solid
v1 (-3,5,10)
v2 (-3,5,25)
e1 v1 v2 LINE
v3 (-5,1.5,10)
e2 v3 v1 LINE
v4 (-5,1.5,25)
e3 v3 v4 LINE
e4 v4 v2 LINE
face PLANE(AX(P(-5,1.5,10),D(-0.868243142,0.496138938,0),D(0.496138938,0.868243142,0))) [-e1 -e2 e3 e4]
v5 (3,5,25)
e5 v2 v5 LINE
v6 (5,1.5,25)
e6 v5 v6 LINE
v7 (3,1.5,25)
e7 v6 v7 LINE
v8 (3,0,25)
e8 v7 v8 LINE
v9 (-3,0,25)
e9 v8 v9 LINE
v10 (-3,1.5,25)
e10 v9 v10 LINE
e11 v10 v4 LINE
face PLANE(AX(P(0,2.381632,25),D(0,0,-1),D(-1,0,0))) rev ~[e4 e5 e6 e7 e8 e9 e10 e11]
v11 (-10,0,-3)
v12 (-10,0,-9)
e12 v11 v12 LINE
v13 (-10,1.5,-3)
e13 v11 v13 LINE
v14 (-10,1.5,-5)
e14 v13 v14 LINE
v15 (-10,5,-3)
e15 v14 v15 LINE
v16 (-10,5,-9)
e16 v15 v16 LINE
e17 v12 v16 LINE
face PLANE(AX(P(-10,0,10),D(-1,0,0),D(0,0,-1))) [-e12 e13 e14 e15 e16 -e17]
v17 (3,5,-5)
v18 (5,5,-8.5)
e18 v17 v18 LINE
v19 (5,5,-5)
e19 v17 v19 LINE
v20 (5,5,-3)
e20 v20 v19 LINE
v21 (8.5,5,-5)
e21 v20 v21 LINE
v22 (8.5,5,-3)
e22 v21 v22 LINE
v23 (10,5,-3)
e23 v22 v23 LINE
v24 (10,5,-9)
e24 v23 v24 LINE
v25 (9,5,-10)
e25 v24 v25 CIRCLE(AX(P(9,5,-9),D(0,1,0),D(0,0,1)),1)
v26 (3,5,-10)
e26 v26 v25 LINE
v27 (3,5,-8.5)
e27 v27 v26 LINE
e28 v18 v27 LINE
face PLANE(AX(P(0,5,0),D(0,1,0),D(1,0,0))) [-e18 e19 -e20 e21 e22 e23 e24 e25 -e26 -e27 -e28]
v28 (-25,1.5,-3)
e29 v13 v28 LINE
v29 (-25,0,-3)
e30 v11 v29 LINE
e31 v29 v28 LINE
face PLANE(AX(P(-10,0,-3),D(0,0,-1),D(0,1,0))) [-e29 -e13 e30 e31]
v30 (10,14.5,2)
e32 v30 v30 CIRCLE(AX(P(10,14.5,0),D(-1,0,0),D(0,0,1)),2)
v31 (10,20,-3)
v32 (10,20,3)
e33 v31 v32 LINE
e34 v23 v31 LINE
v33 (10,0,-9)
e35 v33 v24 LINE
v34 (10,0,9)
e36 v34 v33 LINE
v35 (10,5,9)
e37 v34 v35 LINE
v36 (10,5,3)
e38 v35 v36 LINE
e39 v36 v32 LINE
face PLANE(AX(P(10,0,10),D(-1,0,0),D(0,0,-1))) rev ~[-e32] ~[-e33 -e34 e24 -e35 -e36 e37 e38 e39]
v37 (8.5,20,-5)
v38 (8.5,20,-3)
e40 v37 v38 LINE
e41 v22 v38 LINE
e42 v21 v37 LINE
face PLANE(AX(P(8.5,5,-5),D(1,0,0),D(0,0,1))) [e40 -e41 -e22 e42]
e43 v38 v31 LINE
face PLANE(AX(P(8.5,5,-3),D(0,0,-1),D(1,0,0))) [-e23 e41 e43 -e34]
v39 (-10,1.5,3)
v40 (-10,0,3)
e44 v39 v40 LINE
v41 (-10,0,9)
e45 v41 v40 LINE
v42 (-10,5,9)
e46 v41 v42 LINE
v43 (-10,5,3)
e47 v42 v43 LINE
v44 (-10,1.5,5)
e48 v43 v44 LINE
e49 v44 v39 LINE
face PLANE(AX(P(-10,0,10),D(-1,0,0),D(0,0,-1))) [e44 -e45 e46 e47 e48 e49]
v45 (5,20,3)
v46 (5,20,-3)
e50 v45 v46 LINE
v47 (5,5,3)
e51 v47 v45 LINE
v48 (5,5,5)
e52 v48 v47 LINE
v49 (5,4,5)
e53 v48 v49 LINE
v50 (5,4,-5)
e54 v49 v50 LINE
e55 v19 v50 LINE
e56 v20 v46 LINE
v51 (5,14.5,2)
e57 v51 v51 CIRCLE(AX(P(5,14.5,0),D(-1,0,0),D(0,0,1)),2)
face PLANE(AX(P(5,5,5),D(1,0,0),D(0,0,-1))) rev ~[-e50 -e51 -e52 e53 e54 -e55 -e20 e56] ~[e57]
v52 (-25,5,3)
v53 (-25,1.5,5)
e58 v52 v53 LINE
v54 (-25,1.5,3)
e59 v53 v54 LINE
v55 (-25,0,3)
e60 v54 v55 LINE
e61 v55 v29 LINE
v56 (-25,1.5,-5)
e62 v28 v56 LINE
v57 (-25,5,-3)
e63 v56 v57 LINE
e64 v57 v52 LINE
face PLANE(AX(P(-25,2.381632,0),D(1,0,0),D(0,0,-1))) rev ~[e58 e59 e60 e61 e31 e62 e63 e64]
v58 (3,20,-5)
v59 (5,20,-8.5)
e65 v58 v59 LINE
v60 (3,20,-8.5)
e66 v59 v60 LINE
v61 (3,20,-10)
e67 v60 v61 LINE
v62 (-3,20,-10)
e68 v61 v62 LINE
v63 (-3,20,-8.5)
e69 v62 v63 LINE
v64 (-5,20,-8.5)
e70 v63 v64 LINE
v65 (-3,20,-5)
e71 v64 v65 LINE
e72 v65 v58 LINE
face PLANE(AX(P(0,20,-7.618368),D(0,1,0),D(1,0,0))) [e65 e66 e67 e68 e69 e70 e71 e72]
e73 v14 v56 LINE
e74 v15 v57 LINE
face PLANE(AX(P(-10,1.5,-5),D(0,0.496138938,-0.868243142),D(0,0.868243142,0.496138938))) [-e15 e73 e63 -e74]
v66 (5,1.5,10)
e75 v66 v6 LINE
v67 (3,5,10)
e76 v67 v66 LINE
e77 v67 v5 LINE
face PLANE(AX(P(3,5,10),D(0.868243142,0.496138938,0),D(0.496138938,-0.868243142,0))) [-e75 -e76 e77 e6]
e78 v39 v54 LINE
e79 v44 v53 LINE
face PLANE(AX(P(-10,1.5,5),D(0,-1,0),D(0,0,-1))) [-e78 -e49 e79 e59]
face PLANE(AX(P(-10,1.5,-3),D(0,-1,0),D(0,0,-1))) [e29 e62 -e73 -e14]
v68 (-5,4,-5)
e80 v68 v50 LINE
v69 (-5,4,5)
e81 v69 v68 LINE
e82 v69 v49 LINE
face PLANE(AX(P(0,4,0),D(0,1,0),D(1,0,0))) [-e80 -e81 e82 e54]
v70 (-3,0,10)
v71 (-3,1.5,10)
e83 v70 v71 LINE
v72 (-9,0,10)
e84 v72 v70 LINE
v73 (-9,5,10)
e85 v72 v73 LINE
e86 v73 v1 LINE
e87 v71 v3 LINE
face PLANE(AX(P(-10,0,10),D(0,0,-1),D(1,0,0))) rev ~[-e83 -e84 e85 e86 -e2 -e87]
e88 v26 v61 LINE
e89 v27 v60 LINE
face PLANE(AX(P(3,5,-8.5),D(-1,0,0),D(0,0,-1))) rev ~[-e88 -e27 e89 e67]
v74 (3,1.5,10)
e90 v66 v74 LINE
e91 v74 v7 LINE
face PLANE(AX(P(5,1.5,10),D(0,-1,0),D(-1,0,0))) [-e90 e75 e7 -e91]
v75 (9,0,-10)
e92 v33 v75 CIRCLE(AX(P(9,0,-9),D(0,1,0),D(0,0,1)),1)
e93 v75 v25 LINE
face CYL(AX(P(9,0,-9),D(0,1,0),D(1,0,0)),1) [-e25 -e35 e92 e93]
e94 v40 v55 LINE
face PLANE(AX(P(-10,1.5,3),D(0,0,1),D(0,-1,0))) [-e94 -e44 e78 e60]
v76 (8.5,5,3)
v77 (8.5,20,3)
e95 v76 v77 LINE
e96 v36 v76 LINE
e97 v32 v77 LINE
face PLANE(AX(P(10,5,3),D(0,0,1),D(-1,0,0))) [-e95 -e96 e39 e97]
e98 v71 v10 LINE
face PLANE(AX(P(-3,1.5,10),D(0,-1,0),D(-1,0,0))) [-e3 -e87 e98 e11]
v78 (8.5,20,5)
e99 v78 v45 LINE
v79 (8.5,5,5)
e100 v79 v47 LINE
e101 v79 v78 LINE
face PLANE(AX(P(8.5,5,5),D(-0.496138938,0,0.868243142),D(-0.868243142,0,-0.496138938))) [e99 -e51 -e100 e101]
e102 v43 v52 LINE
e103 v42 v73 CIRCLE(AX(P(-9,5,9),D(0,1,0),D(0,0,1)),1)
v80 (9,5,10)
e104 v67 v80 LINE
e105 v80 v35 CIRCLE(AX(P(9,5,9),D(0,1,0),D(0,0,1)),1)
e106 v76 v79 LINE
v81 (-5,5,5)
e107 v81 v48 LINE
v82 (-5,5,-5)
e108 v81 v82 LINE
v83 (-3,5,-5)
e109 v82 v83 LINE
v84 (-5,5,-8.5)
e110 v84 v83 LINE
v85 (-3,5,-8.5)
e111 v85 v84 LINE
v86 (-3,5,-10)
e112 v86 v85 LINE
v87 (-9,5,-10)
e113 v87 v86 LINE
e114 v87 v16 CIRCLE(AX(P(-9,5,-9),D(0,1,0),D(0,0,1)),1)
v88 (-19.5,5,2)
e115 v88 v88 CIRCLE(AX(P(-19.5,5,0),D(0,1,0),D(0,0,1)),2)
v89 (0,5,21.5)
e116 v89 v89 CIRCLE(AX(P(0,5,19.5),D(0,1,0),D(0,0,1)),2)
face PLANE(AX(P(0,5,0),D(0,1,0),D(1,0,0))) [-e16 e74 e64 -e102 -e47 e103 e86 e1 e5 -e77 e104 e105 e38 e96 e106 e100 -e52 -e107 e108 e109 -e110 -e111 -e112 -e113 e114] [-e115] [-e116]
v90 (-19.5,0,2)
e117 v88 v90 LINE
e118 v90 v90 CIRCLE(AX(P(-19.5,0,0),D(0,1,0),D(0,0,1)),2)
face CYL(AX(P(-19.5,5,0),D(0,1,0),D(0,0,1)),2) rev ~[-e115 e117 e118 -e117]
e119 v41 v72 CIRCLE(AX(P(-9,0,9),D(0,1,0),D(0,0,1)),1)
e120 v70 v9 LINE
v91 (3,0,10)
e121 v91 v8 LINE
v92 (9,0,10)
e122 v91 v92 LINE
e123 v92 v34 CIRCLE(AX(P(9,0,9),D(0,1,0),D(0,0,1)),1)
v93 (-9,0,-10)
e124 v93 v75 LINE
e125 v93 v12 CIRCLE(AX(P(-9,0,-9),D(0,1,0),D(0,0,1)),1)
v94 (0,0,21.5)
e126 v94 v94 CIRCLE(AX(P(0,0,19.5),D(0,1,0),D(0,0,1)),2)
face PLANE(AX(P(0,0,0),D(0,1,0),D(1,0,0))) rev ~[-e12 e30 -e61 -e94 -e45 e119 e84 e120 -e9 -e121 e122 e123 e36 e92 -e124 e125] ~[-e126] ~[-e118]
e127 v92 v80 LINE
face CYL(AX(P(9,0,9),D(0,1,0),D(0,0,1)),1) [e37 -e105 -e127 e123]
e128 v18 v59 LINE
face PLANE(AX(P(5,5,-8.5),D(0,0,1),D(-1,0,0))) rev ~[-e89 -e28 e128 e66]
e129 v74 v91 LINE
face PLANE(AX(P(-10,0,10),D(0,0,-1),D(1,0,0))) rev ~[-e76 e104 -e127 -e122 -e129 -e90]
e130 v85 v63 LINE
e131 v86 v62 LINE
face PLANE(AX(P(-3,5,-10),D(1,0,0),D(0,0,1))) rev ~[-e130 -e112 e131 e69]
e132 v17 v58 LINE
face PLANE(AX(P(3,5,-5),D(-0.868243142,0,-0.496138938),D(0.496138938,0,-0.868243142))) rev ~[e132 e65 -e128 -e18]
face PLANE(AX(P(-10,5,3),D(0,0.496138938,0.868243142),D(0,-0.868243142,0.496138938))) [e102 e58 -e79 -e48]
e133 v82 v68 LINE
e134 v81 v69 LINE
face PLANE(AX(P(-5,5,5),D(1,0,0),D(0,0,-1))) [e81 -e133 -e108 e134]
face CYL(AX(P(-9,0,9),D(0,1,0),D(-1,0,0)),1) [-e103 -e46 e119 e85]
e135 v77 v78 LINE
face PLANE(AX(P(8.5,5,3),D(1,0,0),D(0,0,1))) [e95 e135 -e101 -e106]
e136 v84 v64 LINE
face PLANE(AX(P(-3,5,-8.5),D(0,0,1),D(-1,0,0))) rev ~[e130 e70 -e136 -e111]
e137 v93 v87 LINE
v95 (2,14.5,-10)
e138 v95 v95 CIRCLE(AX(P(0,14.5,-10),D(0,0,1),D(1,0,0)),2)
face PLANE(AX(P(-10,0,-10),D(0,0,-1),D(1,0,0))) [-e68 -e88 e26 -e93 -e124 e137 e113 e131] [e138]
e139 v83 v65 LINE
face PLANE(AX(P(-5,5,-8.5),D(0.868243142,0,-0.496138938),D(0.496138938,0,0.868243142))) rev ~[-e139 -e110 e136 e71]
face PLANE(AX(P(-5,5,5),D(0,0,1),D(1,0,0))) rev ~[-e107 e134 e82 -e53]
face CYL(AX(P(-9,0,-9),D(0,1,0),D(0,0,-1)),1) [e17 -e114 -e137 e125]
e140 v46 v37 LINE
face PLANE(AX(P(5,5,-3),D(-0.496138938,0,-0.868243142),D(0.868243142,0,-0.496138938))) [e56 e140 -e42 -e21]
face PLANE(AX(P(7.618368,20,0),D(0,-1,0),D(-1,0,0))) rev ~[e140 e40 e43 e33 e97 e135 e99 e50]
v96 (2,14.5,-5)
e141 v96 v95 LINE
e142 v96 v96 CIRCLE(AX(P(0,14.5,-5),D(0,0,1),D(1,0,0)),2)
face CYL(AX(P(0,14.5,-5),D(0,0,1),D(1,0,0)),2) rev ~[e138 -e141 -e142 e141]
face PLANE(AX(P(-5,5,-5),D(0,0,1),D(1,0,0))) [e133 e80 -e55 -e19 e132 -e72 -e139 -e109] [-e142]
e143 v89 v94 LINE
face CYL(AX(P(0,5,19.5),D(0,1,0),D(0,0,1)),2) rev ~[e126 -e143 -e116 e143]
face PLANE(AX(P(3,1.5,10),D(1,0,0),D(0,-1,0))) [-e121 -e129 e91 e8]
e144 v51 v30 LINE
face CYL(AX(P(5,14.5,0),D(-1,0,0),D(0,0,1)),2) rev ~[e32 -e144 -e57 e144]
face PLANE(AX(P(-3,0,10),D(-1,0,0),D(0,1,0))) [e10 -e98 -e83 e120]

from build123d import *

# Parameters (mm, degrees)
SKETCH_1_W          = 20
SKETCH_1_H          = 20
EXTRUDE_1_DEPTH     = 5
EXTRUDE_2_DEPTH     = 15
EXTRUDE_3_DEPTH     = 15
EXTRUDE_4_DEPTH     = 15
FILLET_1_R          = 1
SKETCH_5_W          = 10
SKETCH_5_H          = 10
CUT_EXTRUDE_1_DEPTH = 1
CUT_EXTRUDE_2_REACH = 40.406
SKETCH_6_R          = 2
CUT_EXTRUDE_3_REACH = 45.875
SKETCH_7_R          = 2
CUT_EXTRUDE_4_REACH = 45.875
SKETCH_8_R          = 2


with BuildPart() as part:
    # 草图1 → 凸台-拉伸1 (new body)
    with BuildSketch(Plane(origin=(0, 0, 0), x_dir=(1, 0, 0), z_dir=(0, 1, 0))):
        Rectangle(SKETCH_1_W, SKETCH_1_H)
    extrude(amount=EXTRUDE_1_DEPTH)

    # 草图2 → 凸台-拉伸2 (add)
    with BuildSketch(Plane.XY.offset(10)):
        Polygon((-3, 5), (3, 5), (5, 1.5), (3, 1.5), (3, 0), (-3, 0), (-3, 1.5), (-5, 1.5), align=None)
    extrude(amount=EXTRUDE_2_DEPTH)

    # 草图3 → 凸台-拉伸3 (add)
    with BuildSketch(Plane.ZY.offset(10)):
        Polygon((-3, 5), (3, 5), (5, 1.5), (3, 1.5), (3, 0), (-3, 0), (-3, 1.5), (-5, 1.5), align=None)
    extrude(amount=EXTRUDE_3_DEPTH)

    # 草图4 → 凸台-拉伸4 (add)
    with BuildSketch(Plane(origin=(0, 5, 0), x_dir=(1, 0, 0), z_dir=(0, 1, 0))):
        Polygon((-3, 10), (-3, 8.5), (-5, 8.5), (-3, 5), (3, 5), (5, 8.5), (3, 8.5), (3, 10), align=None)
        Polygon((8.5, -5), (5, -3), (5, 3), (8.5, 5), (8.5, 3), (10, 3), (10, -3), (8.5, -3), align=None)
    extrude(amount=EXTRUDE_4_DEPTH)

    # 圆角1
    fillet_1_edges = [part.edges().sort_by_distance(p)[0] for p in [
        (10, 2.5, 10),
        (-10, 2.5, 10),
        (-10, 2.5, -10),
        (10, 2.5, -10),
    ]]
    fillet(fillet_1_edges, radius=FILLET_1_R)

    # 草图5 → 切除-拉伸1 (cut)
    with BuildSketch(Plane(origin=(0, 5, 0), x_dir=(1, 0, 0), z_dir=(0, 1, 0))):
        Rectangle(SKETCH_5_W, SKETCH_5_H)
    extrude(amount=-CUT_EXTRUDE_1_DEPTH, mode=Mode.SUBTRACT)

    # 草图6 → 切除-拉伸2 (cut, up to next)
    with BuildSketch(Plane(origin=(0, 5, 0), x_dir=(1, 0, 0), z_dir=(0, 1, 0)), mode=Mode.PRIVATE) as cut_extrude_2_sk1:
        with Locations(Location((0, -19.5, 0), (0, 0, 270))):
            Circle(SKETCH_6_R)
    cut_extrude_2_tool1 = extrude(cut_extrude_2_sk1.sketch, amount=-CUT_EXTRUDE_2_REACH, mode=Mode.PRIVATE) & part.part
    # 草图6 → 切除-拉伸2 (cut, up to next)
    with BuildSketch(Plane(origin=(0, 5, 0), x_dir=(1, 0, 0), z_dir=(0, 1, 0)), mode=Mode.PRIVATE) as cut_extrude_2_sk2:
        with Locations(Location((-19.5, 0, 0), (0, 0, 270))):
            Circle(SKETCH_6_R)
    cut_extrude_2_tool2 = extrude(cut_extrude_2_sk2.sketch, amount=-CUT_EXTRUDE_2_REACH, mode=Mode.PRIVATE) & part.part
    add(cut_extrude_2_tool1.solids().sort_by_distance((0, 5, 19.5))[0], mode=Mode.SUBTRACT)
    add(cut_extrude_2_tool2.solids().sort_by_distance((-19.5, 5, 0))[0], mode=Mode.SUBTRACT)

    # 草图7 → 切除-拉伸3 (cut, up to next)
    with BuildSketch(Plane.ZY.offset(-5), mode=Mode.PRIVATE) as cut_extrude_3_sk1:
        with Locations((0, 14.5)):
            Circle(SKETCH_7_R)
    cut_extrude_3_tool1 = extrude(cut_extrude_3_sk1.sketch, amount=-CUT_EXTRUDE_3_REACH, mode=Mode.PRIVATE) & part.part
    add(cut_extrude_3_tool1.solids().sort_by_distance((5, 14.5, 0))[0], mode=Mode.SUBTRACT)

    # 草图8 → 切除-拉伸4 (cut, up to next)
    with BuildSketch(Plane.XY.offset(-5), mode=Mode.PRIVATE) as cut_extrude_4_sk1:
        with Locations((0, 14.5)):
            Circle(SKETCH_8_R)
    cut_extrude_4_tool1 = extrude(cut_extrude_4_sk1.sketch, amount=-CUT_EXTRUDE_4_REACH, mode=Mode.PRIVATE) & part.part
    add(cut_extrude_4_tool1.solids().sort_by_distance((0, 14.5, -5))[0], mode=Mode.SUBTRACT)


solid = part.part
